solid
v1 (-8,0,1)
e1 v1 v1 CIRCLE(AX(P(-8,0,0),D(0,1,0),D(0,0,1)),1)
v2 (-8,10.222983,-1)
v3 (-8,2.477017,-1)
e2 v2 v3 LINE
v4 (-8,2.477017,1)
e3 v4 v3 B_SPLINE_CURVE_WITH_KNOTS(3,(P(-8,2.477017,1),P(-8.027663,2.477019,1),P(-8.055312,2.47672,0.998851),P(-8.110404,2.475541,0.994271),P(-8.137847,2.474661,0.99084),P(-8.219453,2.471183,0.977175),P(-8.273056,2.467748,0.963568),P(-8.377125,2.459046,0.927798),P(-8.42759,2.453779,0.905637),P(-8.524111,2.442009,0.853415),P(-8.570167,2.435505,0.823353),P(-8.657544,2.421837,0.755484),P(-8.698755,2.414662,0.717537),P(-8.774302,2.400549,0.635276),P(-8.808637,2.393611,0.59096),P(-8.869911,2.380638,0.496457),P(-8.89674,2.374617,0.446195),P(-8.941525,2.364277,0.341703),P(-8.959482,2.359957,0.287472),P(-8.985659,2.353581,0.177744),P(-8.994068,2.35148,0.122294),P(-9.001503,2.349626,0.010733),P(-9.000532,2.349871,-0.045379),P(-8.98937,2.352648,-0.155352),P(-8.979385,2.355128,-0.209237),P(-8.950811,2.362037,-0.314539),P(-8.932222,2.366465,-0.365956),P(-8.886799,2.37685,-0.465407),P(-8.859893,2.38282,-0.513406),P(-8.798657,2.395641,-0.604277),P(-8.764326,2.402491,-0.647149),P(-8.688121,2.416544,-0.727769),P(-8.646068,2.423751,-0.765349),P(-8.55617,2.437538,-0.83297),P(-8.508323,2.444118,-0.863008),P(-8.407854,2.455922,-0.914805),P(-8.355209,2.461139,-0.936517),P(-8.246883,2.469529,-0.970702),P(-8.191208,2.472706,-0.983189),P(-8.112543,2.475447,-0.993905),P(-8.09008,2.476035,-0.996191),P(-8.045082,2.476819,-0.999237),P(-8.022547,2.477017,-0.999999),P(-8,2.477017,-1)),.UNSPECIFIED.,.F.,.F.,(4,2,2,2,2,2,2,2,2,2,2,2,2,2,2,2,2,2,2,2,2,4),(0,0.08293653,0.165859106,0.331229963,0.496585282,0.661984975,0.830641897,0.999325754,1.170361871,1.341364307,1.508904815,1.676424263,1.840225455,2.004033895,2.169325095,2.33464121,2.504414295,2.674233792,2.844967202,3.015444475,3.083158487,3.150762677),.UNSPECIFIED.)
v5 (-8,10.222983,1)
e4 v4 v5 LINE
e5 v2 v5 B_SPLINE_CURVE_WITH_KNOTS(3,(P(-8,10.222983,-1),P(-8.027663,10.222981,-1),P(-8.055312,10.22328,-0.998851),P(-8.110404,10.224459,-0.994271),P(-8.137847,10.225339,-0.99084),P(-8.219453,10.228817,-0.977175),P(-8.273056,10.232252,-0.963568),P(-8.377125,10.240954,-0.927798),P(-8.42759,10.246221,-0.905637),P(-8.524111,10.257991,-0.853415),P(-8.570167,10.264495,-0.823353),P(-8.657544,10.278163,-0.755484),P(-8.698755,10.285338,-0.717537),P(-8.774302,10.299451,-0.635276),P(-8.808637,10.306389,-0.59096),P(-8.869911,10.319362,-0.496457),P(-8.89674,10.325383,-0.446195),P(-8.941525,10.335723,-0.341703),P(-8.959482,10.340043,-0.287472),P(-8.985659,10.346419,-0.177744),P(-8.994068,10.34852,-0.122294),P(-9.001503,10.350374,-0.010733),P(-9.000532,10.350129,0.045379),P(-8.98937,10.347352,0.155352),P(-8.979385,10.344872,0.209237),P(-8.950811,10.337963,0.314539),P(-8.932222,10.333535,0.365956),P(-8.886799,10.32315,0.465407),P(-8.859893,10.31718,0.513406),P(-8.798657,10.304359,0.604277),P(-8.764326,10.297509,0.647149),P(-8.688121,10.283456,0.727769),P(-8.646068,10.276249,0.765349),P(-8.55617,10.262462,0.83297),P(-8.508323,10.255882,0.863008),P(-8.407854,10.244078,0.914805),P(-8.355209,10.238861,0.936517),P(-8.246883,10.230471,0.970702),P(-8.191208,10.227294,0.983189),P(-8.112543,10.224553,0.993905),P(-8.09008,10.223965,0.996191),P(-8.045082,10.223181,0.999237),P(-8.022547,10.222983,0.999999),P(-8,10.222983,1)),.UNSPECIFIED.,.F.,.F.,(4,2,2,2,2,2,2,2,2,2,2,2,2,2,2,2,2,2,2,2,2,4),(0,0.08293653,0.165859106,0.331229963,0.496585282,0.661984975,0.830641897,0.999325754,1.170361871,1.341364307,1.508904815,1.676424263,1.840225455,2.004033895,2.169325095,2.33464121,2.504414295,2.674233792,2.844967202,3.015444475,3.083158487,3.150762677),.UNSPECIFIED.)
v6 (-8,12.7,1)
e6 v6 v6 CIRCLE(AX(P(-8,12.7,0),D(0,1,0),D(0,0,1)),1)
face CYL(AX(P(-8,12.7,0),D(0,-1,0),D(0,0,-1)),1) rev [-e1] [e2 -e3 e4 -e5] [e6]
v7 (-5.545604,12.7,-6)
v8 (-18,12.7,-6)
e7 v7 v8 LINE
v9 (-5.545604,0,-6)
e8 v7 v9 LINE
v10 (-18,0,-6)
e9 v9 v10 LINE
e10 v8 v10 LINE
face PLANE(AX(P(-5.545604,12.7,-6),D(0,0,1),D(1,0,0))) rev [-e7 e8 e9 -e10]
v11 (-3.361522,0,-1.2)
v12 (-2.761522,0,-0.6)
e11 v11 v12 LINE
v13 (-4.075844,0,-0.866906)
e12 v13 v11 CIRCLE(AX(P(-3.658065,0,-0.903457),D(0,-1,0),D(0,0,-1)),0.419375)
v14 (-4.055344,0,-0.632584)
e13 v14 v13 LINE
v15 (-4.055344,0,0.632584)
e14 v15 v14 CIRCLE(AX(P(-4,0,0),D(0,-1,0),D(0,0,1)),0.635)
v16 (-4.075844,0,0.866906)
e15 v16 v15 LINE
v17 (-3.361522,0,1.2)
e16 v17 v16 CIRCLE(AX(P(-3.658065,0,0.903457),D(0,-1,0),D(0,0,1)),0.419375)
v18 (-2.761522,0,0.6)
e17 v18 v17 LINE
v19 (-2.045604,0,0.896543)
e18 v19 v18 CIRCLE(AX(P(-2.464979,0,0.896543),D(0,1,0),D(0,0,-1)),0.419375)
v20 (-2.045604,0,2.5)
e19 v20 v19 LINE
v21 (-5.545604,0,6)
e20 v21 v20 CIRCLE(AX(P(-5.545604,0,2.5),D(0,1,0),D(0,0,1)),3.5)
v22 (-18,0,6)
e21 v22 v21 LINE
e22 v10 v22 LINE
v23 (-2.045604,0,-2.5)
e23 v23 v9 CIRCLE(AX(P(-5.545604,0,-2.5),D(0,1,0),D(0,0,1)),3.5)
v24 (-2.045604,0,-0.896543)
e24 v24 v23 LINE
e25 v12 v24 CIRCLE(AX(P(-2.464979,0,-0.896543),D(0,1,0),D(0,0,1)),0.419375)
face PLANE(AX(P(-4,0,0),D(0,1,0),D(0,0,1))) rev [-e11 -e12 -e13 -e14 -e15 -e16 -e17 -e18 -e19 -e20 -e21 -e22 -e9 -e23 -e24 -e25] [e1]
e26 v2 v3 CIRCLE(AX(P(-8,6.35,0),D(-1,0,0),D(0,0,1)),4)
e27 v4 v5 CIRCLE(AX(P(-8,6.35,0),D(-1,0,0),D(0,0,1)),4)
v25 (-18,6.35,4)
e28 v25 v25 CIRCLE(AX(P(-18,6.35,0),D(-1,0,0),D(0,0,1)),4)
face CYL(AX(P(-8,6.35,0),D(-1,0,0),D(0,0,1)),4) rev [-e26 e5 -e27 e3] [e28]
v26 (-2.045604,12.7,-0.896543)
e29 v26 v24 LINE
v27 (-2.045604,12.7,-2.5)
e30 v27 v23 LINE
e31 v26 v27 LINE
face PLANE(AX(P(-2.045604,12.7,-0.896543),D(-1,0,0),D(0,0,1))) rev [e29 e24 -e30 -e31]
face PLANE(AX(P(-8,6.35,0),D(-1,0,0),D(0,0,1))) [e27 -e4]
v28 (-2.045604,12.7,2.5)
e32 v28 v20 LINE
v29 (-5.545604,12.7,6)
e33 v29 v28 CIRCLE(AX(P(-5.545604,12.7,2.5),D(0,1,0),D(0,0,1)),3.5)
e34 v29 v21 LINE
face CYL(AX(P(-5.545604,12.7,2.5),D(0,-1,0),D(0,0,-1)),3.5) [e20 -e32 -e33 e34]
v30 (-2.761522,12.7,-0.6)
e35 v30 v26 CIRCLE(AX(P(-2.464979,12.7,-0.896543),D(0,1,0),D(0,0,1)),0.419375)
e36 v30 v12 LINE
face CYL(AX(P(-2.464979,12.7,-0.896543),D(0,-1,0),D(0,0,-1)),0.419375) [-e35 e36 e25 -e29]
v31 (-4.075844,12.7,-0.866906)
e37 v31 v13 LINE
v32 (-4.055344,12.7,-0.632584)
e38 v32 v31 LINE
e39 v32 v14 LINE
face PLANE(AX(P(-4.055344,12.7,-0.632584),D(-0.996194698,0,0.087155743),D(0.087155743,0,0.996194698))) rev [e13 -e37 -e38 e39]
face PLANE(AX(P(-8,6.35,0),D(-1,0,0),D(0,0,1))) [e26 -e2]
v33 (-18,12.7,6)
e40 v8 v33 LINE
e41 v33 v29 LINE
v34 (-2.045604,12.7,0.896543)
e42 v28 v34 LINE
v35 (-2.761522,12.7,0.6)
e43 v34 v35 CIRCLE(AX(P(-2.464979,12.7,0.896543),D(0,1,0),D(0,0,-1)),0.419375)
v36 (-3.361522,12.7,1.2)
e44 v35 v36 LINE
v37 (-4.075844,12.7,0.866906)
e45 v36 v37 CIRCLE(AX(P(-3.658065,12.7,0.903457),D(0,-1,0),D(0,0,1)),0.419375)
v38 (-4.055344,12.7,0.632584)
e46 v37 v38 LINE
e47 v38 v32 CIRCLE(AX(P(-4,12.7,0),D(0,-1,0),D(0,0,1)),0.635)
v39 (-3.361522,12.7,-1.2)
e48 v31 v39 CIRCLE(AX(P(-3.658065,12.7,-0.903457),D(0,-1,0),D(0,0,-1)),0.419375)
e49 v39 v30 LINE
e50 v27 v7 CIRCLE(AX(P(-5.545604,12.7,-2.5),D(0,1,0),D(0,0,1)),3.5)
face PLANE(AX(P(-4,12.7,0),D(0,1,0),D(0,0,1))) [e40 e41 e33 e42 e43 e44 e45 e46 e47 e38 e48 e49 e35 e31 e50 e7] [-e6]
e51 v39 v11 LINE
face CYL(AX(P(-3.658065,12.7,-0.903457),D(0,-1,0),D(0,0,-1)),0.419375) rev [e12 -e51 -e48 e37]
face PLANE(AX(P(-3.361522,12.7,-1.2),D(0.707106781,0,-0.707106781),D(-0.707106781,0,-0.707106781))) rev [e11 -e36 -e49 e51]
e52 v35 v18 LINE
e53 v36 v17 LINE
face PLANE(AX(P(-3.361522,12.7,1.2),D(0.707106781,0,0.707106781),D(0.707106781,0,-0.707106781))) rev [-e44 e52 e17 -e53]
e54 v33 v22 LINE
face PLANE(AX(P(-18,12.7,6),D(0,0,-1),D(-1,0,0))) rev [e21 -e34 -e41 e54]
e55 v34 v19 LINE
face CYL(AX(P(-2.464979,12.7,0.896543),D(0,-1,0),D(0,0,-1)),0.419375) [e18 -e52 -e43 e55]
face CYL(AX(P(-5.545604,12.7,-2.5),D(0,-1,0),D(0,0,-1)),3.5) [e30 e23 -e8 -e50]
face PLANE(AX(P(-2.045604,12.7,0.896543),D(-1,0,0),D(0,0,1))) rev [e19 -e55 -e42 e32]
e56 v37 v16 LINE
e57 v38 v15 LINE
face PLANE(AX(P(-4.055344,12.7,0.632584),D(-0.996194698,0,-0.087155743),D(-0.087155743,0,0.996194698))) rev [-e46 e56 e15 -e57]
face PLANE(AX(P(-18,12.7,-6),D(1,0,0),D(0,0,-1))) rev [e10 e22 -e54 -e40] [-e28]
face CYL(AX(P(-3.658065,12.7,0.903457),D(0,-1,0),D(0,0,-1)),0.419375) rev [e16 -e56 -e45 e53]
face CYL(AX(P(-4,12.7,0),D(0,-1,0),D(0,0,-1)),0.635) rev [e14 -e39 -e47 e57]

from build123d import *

# Parameters (mm, degrees)
SKETCH1_R           = 1
BOSS_EXTRUDE1_DEPTH = 12.7
SKETCH2_R           = 4
CUT_EXTRUDE1_DEPTH  = 10


with BuildPart() as part:
    # Sketch1 → Boss-Extrude1 (new body)
    with BuildSketch(Plane(origin=(0, 0, 0), x_dir=(1, 0, 0), z_dir=(0, 1, 0))):
        with BuildLine():
            Line((-4.055343897, 0.632583633), (-4.075844459, 0.866906139))
            ThreePointArc((-4.075844459, 0.866906139), (-3.83530083, 1.283539926), (-3.361522369, 1.2))
            Line((-3.361522369, 1.2), (-2.761522369, 0.6))
            ThreePointArc((-2.761522369, 0.6), (-2.304491577, 0.509090923), (-2.04560443, 0.89654292))
            Line((-2.04560443, 0.89654292), (-2.04560443, 2.5))
            ThreePointArc((-2.04560443, 2.5), (-3.070730696, 4.974873734), (-5.54560443, 6))
            Line((-5.54560443, 6), (-18, 6))
            Line((-18, 6), (-18, -6))
            Line((-18, -6), (-5.54560443, -6))
            ThreePointArc((-5.54560443, -6), (-3.070730696, -4.974873734), (-2.04560443, -2.5))
            Line((-2.04560443, -2.5), (-2.04560443, -0.89654292))
            ThreePointArc((-2.04560443, -0.89654292), (-2.304491577, -0.509090923), (-2.761522369, -0.6))
            Line((-2.761522369, -0.6), (-3.361522369, -1.2))
            ThreePointArc((-3.361522369, -1.2), (-3.83530083, -1.283539926), (-4.075844459, -0.866906139))
            Line((-4.075844459, -0.866906139), (-4.055343897, -0.632583633))
            ThreePointArc((-4.055343897, -0.632583633), (-4.635, 0), (-4.055343897, 0.632583633))
        make_face()
        with Locations(Location((-8, 0, 0), (0, 0, 270))):
            Circle(SKETCH1_R, mode=Mode.SUBTRACT)
    extrude(amount=BOSS_EXTRUDE1_DEPTH)

    # Sketch2 → Cut-Extrude1 (cut)
    with BuildSketch(Plane.ZY.offset(18)):
        with Locations((0, 6.35)):
            Circle(SKETCH2_R)
    extrude(amount=-CUT_EXTRUDE1_DEPTH, mode=Mode.SUBTRACT)


solid = part.part
